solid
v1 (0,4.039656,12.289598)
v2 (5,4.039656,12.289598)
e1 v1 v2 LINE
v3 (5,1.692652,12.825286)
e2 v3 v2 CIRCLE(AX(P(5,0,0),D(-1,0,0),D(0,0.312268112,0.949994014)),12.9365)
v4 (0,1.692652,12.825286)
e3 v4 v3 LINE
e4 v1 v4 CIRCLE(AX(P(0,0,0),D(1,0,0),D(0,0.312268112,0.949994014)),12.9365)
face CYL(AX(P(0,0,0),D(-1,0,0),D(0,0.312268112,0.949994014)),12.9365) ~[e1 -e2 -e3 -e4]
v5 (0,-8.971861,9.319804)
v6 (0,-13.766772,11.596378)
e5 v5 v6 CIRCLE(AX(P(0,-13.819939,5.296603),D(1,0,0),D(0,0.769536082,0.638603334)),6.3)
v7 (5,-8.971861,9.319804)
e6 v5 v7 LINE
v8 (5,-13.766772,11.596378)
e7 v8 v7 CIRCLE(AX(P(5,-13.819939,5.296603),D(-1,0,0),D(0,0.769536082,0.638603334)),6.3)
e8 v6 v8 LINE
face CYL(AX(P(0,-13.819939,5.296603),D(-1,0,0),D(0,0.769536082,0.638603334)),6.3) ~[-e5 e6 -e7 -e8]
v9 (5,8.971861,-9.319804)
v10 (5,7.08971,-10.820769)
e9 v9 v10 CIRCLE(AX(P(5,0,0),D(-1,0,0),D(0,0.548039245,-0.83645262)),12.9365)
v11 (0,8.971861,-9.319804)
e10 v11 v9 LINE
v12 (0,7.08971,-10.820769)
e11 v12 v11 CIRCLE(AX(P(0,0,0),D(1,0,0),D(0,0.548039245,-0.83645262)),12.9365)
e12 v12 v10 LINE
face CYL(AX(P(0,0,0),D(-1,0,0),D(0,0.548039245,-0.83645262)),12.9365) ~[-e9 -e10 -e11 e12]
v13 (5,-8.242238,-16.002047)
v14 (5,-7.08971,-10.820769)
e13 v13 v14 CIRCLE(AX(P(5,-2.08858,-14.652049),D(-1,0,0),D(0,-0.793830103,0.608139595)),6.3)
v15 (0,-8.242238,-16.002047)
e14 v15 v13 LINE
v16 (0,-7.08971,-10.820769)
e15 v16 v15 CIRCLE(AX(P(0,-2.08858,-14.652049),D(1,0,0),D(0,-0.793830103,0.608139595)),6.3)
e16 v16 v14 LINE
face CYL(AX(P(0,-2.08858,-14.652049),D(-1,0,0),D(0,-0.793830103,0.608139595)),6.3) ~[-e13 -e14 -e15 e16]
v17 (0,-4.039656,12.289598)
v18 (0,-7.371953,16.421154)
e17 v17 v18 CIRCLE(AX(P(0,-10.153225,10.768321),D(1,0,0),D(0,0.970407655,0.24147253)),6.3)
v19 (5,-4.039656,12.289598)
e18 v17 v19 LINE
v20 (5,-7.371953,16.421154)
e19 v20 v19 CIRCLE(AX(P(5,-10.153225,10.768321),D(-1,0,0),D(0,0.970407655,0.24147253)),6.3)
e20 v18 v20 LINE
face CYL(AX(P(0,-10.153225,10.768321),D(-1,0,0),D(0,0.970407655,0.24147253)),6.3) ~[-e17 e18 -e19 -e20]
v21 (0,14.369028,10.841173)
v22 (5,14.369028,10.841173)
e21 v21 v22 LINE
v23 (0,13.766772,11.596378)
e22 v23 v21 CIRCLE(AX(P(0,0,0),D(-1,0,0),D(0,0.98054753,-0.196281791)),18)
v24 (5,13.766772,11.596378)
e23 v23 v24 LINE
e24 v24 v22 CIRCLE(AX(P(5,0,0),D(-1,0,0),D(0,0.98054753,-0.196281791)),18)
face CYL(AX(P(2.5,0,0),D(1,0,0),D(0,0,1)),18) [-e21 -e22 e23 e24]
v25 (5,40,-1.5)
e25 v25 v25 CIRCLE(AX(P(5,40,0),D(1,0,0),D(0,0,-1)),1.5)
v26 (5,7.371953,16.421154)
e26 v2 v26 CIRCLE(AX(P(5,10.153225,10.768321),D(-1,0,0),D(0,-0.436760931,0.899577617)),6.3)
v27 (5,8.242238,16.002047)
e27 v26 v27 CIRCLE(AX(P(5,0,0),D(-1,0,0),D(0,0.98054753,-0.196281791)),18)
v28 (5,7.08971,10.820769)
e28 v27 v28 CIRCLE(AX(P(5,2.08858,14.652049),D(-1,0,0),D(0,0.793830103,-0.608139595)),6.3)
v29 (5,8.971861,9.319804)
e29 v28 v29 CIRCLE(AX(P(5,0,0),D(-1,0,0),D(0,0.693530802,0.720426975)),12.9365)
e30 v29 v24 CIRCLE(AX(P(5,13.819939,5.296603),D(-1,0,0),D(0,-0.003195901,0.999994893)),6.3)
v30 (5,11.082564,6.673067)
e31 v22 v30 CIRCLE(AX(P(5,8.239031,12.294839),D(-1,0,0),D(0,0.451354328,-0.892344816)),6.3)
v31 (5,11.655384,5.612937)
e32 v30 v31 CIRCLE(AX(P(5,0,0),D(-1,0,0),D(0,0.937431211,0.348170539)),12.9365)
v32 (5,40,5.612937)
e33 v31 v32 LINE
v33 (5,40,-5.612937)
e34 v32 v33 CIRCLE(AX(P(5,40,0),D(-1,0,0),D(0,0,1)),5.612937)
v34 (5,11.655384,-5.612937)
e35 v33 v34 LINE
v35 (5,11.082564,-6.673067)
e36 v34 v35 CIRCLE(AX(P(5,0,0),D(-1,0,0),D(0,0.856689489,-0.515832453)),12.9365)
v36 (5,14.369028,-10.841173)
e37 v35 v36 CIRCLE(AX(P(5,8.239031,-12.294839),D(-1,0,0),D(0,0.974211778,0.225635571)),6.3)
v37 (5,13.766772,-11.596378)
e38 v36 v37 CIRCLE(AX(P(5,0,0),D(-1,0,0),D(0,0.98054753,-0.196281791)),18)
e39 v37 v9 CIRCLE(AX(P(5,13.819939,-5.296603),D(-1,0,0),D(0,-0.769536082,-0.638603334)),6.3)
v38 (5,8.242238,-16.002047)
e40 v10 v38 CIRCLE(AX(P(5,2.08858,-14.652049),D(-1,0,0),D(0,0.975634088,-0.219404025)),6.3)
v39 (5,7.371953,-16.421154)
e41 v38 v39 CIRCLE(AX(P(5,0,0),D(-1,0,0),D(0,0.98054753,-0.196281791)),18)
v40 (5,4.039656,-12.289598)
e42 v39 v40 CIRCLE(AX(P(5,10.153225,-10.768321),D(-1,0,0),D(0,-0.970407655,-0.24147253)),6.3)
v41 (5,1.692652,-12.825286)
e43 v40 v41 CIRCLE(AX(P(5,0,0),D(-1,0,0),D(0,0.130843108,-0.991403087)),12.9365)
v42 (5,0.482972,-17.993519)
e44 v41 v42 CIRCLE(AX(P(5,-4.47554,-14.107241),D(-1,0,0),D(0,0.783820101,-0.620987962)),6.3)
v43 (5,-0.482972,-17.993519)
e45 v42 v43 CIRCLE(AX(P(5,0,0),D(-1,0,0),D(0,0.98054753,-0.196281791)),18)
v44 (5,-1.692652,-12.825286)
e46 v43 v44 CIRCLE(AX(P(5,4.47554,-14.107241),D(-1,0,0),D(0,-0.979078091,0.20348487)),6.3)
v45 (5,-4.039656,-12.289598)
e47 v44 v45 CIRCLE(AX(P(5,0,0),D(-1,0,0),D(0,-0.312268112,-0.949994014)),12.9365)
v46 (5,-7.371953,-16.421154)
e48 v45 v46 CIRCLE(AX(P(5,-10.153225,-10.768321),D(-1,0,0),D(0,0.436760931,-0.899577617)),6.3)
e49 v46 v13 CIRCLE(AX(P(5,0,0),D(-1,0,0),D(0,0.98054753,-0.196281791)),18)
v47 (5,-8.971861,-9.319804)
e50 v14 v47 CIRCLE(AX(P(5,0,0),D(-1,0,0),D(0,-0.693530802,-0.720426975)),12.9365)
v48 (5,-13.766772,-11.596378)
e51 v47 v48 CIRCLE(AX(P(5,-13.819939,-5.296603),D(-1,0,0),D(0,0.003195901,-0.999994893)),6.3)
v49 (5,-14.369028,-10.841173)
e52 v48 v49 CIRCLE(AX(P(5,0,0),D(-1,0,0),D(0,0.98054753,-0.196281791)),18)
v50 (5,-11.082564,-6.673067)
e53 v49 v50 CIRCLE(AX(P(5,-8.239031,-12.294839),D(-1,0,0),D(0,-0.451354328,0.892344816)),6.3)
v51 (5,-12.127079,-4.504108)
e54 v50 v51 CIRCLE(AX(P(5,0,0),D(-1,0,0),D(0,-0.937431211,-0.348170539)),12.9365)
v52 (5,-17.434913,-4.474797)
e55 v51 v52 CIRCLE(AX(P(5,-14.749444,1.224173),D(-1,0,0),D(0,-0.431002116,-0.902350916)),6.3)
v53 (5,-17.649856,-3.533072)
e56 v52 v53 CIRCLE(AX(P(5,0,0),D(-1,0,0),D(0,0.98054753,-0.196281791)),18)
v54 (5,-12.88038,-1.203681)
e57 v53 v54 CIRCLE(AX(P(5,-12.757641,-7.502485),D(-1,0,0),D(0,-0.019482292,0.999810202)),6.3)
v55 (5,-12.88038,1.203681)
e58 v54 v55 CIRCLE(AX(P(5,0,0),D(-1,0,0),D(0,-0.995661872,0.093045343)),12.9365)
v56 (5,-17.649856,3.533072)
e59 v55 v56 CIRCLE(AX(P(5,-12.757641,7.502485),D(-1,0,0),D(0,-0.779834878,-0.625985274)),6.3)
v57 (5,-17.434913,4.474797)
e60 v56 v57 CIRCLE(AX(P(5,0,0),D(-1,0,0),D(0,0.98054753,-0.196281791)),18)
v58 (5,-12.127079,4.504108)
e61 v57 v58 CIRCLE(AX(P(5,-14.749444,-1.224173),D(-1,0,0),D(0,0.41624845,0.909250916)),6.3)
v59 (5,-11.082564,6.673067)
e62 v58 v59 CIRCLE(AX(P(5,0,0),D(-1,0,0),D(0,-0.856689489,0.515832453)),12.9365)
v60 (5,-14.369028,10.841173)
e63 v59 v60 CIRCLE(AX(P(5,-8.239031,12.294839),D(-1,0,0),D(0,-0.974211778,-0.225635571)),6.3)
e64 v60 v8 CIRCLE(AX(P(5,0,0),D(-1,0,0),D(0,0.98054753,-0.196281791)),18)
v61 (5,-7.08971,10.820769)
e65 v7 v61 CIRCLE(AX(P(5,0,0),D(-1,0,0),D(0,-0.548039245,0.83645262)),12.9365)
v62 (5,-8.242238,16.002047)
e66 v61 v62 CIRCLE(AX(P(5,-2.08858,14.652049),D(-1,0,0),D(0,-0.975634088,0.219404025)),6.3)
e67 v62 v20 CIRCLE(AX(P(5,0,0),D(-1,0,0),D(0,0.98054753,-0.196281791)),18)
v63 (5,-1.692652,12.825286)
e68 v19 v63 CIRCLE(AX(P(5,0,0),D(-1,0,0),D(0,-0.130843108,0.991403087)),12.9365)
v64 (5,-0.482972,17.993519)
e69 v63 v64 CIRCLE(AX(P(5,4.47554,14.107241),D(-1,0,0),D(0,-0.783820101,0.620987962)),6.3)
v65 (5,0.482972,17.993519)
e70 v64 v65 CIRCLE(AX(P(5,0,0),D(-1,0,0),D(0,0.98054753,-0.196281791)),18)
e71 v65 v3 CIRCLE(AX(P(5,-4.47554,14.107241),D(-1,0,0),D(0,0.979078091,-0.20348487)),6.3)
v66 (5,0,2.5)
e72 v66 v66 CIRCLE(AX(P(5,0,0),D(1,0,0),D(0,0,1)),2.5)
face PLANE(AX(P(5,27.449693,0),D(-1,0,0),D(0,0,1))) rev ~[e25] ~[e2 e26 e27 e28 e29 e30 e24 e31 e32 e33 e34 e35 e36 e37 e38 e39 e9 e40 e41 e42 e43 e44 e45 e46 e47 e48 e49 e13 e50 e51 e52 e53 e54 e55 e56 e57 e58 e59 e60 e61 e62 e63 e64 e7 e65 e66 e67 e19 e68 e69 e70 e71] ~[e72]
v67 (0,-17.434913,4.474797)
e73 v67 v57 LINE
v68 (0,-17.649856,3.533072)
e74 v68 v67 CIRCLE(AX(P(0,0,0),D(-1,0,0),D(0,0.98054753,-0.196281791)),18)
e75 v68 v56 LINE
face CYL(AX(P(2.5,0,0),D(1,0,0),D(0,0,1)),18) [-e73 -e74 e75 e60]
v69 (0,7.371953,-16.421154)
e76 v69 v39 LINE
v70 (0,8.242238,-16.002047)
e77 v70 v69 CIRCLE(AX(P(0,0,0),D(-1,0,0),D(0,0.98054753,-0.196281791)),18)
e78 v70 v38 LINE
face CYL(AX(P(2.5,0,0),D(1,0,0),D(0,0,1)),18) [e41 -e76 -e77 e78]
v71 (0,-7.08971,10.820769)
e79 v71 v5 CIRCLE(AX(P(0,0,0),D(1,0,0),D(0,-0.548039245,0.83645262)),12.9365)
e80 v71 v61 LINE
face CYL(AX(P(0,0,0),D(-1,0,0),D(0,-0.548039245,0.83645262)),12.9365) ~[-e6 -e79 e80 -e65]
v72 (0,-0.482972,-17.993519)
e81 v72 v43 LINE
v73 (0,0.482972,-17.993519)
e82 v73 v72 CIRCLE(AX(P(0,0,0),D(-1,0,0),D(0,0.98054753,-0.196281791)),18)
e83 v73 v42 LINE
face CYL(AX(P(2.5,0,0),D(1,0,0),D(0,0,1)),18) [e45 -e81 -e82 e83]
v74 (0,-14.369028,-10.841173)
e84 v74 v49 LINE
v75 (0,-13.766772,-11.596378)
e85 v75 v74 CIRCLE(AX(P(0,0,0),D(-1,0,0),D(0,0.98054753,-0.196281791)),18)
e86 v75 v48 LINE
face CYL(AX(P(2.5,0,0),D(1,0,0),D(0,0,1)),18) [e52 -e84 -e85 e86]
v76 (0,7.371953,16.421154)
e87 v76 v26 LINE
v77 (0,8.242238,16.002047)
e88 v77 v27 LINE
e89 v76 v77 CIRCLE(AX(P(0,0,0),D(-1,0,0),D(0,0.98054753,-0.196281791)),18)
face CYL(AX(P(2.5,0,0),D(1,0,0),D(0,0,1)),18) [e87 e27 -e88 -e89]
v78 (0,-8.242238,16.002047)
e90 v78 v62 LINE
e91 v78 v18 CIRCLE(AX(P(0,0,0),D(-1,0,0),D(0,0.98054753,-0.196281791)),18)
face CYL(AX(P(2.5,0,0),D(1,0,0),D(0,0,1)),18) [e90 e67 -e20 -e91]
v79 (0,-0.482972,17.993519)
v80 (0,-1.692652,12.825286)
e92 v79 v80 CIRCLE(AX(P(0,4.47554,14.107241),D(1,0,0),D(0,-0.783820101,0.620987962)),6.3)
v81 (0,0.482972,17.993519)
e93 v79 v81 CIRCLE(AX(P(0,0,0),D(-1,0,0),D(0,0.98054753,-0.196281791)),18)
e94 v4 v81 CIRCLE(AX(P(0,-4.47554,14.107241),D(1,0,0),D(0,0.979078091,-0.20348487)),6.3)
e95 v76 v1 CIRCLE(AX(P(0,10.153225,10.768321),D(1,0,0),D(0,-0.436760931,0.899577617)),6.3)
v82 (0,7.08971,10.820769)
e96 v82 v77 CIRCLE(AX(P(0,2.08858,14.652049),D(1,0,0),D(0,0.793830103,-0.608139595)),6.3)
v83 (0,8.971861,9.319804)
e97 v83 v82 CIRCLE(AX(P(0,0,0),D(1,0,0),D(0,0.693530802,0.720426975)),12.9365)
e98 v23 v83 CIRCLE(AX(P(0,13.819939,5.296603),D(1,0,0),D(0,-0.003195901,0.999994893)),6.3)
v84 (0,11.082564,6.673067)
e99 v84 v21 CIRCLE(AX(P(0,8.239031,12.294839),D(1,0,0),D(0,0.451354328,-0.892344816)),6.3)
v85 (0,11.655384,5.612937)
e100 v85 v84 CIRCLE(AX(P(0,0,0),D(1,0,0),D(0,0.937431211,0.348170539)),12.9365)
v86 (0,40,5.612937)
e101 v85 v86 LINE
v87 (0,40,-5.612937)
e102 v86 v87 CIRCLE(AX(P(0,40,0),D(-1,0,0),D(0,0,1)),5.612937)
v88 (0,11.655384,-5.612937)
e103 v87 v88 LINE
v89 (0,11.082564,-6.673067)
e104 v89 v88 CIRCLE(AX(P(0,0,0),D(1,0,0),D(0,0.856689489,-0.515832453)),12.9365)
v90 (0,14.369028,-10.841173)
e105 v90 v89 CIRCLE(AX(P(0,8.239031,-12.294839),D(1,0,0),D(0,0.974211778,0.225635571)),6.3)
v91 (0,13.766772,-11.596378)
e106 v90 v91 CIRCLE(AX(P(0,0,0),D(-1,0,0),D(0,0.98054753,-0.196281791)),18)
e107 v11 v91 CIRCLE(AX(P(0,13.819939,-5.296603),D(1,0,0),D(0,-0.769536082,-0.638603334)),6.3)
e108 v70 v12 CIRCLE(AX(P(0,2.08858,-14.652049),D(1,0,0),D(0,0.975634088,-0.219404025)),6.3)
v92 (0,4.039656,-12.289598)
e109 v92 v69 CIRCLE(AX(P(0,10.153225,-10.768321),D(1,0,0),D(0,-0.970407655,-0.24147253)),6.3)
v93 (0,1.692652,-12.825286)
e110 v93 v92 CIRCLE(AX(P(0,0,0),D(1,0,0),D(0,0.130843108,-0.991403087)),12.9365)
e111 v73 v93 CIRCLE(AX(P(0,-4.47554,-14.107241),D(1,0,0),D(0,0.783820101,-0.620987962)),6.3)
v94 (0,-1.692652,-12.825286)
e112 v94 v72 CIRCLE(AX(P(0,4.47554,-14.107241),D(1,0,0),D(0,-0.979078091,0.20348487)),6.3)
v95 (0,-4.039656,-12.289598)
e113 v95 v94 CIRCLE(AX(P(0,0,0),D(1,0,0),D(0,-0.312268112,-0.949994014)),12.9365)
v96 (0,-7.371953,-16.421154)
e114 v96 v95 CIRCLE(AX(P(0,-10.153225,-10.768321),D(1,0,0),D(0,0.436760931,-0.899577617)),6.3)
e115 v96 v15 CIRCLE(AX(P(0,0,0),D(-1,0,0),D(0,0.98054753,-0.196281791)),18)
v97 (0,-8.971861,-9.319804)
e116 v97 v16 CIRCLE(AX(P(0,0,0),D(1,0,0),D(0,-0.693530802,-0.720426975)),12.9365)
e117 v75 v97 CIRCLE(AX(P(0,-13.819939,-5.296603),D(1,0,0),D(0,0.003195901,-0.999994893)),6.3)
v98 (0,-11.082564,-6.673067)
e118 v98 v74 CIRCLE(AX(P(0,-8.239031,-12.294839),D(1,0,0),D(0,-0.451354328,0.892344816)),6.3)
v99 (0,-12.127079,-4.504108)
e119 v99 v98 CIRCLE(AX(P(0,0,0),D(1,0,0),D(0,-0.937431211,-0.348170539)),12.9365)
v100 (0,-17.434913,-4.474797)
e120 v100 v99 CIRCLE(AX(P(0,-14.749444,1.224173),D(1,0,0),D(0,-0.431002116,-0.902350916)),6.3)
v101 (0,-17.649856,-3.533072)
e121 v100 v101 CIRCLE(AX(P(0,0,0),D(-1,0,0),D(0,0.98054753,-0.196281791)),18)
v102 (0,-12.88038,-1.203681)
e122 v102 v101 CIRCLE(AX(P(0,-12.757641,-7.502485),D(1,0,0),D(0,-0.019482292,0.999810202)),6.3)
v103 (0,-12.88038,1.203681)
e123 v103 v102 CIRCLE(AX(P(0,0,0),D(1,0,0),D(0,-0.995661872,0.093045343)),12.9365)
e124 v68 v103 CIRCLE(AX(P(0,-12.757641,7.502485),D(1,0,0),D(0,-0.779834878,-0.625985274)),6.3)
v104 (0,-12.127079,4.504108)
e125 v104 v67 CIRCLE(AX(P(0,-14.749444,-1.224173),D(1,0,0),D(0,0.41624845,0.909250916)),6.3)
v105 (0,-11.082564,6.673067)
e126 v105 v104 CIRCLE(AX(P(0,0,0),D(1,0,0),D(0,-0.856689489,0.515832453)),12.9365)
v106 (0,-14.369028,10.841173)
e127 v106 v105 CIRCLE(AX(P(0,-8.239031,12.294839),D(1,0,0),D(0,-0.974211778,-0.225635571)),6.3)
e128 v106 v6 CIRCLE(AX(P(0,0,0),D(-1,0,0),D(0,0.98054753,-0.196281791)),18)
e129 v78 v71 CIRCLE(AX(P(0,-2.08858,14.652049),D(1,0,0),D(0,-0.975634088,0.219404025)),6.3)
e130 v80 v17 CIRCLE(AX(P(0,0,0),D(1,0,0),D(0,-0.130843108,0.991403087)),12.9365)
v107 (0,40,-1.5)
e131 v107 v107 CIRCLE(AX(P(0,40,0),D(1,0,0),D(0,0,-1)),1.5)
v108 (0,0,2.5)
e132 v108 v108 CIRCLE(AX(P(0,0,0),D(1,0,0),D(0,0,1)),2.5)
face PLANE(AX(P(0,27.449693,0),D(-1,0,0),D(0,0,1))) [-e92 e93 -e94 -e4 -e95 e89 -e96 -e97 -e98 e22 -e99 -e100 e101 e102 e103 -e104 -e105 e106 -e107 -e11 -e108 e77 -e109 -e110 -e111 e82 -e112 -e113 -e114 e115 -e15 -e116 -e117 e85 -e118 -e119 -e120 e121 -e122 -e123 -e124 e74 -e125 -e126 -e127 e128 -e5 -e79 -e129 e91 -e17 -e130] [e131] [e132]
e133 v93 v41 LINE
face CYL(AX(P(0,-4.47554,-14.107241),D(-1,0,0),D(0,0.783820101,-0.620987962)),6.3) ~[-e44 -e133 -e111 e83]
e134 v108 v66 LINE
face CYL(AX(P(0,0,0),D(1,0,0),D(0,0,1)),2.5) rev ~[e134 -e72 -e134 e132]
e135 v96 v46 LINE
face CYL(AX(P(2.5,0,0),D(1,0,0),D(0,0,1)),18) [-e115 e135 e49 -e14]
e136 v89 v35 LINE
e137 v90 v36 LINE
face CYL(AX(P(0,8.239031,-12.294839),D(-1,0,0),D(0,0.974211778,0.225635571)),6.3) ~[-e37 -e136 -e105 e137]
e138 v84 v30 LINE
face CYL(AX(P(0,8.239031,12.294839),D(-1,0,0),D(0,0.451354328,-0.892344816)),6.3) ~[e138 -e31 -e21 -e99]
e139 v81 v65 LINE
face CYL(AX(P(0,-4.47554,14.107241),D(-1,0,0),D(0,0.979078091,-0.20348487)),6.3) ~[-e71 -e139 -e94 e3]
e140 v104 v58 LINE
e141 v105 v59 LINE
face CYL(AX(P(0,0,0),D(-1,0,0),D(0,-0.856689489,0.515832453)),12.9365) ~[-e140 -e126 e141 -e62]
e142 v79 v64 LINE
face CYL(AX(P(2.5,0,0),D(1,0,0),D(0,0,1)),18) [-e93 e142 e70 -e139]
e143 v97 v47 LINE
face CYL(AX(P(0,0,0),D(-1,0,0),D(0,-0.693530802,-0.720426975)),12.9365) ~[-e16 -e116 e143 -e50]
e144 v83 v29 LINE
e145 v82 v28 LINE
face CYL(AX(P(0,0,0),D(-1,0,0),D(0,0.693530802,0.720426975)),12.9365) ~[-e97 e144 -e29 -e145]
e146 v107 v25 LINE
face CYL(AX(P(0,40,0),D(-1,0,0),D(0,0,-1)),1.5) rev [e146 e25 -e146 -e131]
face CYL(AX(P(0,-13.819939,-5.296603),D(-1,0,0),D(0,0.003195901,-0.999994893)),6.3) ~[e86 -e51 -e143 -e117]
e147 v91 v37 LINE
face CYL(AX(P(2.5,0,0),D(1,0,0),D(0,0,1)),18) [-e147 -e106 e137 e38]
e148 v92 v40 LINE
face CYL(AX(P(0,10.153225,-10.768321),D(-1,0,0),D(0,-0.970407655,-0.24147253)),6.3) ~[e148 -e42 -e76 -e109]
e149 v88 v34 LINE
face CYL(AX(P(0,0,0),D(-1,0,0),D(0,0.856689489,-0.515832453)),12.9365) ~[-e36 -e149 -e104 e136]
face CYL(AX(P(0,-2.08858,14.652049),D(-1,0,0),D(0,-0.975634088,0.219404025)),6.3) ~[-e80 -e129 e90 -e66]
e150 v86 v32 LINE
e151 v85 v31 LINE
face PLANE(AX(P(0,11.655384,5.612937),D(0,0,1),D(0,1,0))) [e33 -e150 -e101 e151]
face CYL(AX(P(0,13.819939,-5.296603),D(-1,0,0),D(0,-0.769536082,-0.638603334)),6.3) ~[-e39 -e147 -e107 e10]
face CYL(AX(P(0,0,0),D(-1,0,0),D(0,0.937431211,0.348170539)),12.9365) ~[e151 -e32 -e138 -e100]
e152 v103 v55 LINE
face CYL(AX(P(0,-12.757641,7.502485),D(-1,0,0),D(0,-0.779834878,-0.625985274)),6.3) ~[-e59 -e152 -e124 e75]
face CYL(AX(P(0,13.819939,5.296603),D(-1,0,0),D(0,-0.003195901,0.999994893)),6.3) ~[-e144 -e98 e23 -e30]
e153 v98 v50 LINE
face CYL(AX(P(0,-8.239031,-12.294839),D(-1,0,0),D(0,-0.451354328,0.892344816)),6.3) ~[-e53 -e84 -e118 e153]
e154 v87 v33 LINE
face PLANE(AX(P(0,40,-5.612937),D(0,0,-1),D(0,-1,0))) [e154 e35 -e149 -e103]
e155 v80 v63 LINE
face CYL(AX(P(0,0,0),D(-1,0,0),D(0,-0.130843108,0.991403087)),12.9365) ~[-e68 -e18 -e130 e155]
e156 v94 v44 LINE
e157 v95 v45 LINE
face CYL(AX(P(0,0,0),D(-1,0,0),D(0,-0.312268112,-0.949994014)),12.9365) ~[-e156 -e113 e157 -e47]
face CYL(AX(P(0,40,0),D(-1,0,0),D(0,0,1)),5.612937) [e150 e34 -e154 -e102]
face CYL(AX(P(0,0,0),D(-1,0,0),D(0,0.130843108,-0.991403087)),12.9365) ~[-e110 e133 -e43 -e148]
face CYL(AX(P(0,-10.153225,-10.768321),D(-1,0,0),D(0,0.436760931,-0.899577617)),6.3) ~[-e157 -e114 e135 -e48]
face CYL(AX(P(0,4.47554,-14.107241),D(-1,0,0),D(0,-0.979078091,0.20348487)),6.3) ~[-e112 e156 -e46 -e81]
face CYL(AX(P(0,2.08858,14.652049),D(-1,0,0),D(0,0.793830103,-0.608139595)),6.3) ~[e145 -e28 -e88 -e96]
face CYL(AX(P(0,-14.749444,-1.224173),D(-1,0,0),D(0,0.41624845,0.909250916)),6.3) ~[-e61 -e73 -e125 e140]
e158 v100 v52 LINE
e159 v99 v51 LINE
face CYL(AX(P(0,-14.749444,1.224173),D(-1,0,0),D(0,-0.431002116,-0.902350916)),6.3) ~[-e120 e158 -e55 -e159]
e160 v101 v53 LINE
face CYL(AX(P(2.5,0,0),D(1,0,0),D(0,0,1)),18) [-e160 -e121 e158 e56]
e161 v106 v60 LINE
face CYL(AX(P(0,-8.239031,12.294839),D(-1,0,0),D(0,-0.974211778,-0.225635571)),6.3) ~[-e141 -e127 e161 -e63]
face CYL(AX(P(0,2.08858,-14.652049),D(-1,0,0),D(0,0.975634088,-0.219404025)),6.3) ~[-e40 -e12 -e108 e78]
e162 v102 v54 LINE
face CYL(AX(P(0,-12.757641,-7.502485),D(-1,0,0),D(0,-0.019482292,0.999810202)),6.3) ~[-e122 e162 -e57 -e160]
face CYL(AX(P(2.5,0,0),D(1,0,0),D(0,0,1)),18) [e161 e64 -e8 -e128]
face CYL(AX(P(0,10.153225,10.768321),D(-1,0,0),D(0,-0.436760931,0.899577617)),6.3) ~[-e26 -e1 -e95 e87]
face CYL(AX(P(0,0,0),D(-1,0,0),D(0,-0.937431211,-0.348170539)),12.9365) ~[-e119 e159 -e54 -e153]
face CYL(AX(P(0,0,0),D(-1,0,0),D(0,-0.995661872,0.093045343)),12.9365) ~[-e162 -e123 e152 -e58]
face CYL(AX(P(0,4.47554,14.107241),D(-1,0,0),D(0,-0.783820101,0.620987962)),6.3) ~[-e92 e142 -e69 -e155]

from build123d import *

# Parameters (mm, degrees)
BASPROSKE_W        = 5
BASPROSKE_H        = 18
TOOTHCUT_DEPTH     = 26.942243542
TEETHCUTS_COUNT    = 14
TEETHCUTS_ANGLE    = 334.285714286
BORSKE_R           = 2.5
BORE_DEPTH         = 50.0000508
BOSS_EXTRU_1_START = -5
ESQUISSE1_R        = 1.5
BOSS_EXTRU_1_DEPTH = 5


with BuildPart() as part:
    # BasProSke → Base-Revolve (revolve)
    with BuildSketch(Plane(origin=(0, 0, 0), x_dir=(1, 0, 0), z_dir=(0, 1, 0)), mode=Mode.PRIVATE) as base_revolve_sk:
        with Locations((2.5, 9)):
            Rectangle(BASPROSKE_W, BASPROSKE_H)
    revolve(base_revolve_sk.sketch.rotate(Axis((-10, 0, 0), (1, 0, 0)), 180), axis=Axis((-10, 0, 0), (1, 0, 0)))

    # TooCutSke → ToothCut (cut, through all)
    with BuildSketch(Plane(origin=(0, 0, 0), x_dir=(0, 0, -1), z_dir=(1, 0, 0))):
        with BuildLine():
            ThreePointArc((1.203681085, 12.880379812), (0, 12.9365), (-1.203681085, 12.880379812))
            ThreePointArc((-1.203681085, 12.880379812), (-1.848830306, 15.53724288), (-3.558778134, 17.670601103))
            ThreePointArc((-3.558778134, 17.670601103), (0, 18.0254), (3.558778134, 17.670601103))
            ThreePointArc((3.558778134, 17.670601103), (1.848830306, 15.53724288), (1.203681085, 12.880379812))
        make_face()
    toothcut = extrude(amount=TOOTHCUT_DEPTH, mode=Mode.SUBTRACT)

    # TeethCuts: ToothCut ×14 about axis
    teethcuts_axis = Axis((-10, 0, 0), (1, 0, 0))
    for i in range(1, TEETHCUTS_COUNT):
        add(toothcut.rotate(teethcuts_axis, i * TEETHCUTS_ANGLE / (TEETHCUTS_COUNT - 1)), mode=Mode.SUBTRACT)

    # BorSke → Bore (cut, symmetric)
    with BuildSketch(Plane(origin=(0, 0, 0), x_dir=(0, 0, -1), z_dir=(1, 0, 0))):
        with Locations(Location((0, 0, 0), (0, 0, 180))):
            Circle(BORSKE_R)
    extrude(amount=BORE_DEPTH, both=True, mode=Mode.SUBTRACT)

    # Esquisse1 → Boss.-Extru.1 (add)
    with BuildSketch(Plane(origin=(5, 0, 0), x_dir=(0, 0, -1), z_dir=(1, 0, 0)).offset(BOSS_EXTRU_1_START)):
        with BuildLine():
            Line((-5.612936991, 11.65538376), (-5.612936991, 40))
            ThreePointArc((-5.612936991, 40), (0, 45.612936991), (5.612936991, 40))
            Line((5.612936991, 40), (5.612936991, 11.65538376))
            ThreePointArc((5.612936991, 11.65538376), (0, 12.9365), (-5.612936991, 11.65538376))
        make_face()
        with Locations((0, 40)):
            Circle(ESQUISSE1_R, mode=Mode.SUBTRACT)
    extrude(amount=BOSS_EXTRU_1_DEPTH)


solid = part.part
